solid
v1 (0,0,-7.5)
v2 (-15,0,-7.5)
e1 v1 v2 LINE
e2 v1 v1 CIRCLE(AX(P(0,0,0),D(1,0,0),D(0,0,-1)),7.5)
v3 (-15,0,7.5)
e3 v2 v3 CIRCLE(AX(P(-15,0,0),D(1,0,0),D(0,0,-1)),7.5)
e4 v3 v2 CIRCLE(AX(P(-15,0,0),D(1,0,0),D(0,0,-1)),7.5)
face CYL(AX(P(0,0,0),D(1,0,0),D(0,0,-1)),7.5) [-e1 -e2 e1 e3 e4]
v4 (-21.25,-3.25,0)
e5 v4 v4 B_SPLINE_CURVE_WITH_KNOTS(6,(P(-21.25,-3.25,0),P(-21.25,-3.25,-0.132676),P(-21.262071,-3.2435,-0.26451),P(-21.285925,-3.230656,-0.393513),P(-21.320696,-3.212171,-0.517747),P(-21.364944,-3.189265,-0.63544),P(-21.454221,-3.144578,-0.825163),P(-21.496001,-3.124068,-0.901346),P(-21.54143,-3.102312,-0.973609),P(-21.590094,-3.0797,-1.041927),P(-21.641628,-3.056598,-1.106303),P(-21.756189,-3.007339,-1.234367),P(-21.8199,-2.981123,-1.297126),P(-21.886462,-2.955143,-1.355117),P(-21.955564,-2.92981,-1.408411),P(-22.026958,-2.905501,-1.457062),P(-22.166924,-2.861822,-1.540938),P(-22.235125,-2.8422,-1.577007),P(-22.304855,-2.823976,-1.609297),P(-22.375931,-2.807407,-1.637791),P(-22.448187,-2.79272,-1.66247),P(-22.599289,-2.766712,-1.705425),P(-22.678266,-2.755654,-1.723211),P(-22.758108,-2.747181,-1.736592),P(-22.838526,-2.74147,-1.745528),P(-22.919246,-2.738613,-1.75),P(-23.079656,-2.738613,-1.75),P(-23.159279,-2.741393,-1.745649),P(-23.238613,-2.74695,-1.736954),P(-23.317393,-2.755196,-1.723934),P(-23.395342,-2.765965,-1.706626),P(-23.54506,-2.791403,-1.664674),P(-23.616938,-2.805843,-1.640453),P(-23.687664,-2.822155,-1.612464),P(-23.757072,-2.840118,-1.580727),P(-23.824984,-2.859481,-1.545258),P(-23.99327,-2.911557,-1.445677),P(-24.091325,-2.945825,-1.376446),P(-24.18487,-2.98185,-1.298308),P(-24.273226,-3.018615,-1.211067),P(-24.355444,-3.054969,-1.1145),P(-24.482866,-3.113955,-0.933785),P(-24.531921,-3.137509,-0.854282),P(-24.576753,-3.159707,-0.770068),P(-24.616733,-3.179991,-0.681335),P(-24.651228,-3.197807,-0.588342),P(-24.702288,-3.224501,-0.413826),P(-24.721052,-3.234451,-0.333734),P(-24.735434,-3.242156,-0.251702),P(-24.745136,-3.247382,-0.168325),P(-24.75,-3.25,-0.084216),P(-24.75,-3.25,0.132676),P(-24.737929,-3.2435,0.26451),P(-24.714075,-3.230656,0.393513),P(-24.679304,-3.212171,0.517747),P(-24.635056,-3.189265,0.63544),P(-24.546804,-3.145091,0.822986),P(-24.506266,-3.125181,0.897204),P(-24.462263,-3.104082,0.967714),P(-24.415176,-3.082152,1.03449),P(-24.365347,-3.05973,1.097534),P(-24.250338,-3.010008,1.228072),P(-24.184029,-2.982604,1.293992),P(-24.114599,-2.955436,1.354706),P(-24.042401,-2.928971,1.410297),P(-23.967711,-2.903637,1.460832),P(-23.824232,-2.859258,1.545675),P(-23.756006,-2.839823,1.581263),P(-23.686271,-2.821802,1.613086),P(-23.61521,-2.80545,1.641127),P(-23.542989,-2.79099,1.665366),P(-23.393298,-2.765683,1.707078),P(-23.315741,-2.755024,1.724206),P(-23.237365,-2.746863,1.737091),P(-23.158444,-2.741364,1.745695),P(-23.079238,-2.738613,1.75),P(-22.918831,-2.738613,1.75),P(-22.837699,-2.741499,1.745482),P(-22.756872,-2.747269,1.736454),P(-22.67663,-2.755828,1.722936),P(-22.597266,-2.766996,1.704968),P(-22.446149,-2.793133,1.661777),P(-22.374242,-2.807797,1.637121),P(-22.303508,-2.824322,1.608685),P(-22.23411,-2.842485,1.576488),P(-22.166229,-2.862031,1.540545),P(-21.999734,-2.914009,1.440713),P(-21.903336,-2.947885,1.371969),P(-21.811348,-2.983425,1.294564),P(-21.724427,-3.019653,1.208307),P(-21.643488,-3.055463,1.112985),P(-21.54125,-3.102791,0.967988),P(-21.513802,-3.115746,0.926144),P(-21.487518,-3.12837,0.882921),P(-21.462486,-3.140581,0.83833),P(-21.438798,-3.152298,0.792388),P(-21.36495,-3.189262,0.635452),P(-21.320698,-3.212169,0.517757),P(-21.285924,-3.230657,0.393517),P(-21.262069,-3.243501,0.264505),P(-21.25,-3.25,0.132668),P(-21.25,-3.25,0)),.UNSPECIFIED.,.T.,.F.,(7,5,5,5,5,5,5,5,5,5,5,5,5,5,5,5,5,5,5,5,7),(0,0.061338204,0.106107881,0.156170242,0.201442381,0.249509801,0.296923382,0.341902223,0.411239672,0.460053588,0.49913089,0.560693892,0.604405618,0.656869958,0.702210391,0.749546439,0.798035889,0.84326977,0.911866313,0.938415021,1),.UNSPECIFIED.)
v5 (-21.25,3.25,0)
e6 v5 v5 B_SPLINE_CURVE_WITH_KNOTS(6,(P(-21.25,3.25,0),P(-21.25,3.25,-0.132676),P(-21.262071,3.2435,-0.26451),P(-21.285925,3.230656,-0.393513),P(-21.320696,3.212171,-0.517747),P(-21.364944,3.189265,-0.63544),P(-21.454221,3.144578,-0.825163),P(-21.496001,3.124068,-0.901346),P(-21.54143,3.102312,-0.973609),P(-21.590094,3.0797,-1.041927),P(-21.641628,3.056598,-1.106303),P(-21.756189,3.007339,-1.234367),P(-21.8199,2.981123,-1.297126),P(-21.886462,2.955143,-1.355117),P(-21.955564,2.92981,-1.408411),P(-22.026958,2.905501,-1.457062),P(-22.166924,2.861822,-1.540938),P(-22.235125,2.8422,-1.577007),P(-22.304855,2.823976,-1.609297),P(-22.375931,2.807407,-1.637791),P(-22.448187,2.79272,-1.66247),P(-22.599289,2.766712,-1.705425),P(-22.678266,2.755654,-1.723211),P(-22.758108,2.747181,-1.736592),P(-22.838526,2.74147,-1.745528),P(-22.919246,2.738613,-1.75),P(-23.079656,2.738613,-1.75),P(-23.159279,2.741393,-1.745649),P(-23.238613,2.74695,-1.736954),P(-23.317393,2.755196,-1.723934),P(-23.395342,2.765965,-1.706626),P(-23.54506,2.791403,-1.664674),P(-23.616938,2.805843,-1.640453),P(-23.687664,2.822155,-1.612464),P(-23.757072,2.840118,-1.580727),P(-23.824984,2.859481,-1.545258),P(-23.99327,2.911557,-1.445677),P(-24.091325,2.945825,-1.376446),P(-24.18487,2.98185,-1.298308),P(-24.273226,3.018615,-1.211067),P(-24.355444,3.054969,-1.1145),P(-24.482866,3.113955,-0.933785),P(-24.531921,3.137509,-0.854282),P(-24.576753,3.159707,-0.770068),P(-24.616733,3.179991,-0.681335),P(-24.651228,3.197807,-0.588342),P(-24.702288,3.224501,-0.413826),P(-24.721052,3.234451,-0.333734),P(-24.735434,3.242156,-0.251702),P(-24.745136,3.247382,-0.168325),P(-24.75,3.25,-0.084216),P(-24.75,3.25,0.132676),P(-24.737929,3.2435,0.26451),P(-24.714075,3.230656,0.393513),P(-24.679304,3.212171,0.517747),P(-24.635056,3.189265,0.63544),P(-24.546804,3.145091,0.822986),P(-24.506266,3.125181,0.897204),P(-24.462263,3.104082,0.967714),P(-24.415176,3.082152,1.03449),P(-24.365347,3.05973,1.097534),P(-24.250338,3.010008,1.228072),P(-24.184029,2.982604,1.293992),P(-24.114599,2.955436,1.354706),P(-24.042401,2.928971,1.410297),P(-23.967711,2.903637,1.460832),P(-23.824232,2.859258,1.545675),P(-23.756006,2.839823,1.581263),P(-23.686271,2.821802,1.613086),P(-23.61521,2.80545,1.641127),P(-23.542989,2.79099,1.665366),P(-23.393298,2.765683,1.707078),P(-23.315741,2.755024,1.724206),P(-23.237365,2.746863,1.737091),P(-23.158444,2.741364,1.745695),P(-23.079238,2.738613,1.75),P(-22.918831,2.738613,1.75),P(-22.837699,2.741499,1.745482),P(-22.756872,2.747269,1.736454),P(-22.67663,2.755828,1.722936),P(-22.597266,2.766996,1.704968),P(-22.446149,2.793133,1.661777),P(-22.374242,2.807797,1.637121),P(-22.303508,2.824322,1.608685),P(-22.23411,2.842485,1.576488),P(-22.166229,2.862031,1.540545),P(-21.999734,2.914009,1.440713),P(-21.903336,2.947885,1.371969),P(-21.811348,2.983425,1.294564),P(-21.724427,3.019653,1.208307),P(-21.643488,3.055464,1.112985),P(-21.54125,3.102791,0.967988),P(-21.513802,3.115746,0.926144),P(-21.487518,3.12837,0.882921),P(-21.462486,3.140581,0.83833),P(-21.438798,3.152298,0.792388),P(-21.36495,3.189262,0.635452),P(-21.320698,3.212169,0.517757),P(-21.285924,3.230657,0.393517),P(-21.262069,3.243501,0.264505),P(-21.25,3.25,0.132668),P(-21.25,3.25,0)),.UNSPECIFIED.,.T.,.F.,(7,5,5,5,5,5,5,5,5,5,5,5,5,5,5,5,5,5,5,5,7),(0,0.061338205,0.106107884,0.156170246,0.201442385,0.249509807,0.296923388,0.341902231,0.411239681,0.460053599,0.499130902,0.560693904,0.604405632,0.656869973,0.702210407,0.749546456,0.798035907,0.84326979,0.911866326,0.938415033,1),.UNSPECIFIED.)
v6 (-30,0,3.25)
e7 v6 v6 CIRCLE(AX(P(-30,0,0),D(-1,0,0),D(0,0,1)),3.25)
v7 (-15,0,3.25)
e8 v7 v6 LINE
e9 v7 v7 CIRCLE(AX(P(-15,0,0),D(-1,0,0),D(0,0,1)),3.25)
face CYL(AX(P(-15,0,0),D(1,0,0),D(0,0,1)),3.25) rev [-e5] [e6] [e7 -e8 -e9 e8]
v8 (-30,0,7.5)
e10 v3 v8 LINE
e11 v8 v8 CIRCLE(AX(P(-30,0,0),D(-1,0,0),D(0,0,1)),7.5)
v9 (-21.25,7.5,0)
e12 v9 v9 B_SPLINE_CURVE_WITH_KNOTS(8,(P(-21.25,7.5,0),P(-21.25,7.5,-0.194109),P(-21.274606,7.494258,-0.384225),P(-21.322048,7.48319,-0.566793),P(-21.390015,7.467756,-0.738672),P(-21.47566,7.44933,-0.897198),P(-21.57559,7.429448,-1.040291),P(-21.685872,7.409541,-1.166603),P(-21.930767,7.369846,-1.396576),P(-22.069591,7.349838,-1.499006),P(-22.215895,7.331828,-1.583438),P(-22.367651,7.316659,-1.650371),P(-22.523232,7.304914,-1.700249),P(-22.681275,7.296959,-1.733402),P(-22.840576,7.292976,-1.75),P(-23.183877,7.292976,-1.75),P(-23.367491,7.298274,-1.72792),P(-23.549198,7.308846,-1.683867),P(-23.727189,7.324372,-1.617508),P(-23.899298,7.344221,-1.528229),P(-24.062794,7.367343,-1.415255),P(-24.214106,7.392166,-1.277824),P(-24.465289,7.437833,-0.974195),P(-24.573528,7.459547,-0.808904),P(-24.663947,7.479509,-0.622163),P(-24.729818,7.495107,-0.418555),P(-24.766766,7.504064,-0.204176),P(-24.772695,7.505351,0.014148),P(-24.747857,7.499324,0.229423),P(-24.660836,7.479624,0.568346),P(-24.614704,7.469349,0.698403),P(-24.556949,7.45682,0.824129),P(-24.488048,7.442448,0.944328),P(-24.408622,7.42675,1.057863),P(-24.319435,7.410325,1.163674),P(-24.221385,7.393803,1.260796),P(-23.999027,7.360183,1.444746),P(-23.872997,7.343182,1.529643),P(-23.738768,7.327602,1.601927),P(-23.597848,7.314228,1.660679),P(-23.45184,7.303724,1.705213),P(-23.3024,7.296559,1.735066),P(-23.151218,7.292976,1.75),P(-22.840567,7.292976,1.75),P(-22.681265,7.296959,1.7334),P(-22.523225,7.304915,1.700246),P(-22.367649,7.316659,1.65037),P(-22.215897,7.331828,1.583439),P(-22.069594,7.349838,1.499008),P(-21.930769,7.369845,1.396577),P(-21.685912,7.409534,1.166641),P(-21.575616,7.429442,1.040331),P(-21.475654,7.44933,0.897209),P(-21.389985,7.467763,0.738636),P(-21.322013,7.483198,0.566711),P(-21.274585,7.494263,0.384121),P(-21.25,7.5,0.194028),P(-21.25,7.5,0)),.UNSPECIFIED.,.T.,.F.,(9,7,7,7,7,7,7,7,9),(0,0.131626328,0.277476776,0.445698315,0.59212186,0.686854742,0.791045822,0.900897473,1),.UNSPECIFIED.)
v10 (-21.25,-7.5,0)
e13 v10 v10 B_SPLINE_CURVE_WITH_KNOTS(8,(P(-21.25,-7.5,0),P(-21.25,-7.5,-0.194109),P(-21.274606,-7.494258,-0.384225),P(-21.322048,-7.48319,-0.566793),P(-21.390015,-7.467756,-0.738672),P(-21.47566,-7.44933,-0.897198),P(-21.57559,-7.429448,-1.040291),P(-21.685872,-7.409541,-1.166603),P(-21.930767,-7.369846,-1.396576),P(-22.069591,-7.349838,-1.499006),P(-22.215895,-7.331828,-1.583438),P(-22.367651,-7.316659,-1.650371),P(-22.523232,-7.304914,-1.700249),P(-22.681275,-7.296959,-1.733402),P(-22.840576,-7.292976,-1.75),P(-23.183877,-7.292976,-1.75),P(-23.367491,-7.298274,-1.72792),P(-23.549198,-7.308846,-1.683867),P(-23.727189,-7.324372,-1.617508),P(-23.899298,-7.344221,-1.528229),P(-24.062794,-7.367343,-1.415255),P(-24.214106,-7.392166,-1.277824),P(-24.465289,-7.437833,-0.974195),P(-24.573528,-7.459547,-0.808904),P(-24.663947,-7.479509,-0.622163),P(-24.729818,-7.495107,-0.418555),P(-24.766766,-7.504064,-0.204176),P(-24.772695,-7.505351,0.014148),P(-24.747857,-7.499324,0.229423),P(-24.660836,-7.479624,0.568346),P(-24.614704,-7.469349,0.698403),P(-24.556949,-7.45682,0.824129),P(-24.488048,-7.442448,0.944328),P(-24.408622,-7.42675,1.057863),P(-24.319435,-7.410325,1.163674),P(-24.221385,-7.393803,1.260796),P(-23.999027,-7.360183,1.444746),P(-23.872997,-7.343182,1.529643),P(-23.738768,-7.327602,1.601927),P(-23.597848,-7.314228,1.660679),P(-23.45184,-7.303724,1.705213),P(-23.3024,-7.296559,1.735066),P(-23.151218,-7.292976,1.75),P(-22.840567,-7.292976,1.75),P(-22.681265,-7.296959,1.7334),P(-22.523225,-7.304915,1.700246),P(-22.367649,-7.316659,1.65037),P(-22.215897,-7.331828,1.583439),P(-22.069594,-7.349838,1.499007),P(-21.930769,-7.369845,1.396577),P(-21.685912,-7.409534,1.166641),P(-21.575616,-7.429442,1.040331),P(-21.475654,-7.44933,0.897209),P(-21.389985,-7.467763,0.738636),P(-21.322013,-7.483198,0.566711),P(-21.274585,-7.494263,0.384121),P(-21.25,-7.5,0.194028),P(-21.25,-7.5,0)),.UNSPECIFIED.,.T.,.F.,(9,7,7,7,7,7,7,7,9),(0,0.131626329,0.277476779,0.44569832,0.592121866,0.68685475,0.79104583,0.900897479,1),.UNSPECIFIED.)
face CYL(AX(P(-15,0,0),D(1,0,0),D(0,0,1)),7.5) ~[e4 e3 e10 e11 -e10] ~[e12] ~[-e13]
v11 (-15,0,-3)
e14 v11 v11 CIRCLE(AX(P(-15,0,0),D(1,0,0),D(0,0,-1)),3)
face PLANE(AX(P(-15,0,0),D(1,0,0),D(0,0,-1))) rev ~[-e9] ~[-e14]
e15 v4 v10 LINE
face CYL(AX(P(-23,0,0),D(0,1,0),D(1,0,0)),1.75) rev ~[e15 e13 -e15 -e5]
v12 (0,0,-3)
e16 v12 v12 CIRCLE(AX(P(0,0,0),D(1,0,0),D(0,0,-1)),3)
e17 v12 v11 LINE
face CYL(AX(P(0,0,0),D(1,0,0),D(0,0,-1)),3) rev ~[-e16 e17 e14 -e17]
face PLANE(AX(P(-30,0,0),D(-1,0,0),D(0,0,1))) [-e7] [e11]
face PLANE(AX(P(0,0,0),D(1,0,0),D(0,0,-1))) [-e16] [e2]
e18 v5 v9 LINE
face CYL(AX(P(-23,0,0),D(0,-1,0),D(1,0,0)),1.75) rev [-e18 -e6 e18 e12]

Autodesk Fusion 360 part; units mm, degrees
sketch "Sketch1" plane through (0, 0, 0) normal (1, 0, 0) x (0, 0, -1)
  circle A0 centre (0, 0) radius 3
  circle A1 centre (0, 0) radius 7.5
  dimension "d1" = 6
  dimension "d2" = 15
extrude "Extrude1" add sketch "Sketch1" against normal blind 15
sketch "Sketch2" plane through (-15, 0, 0) normal (-1, 0, 0) x (0, 0, 1)
  circle A0 centre (0, 0) radius 7.5
  circle A1 centre (0, 0) radius 3.25
  circle A2 centre (0, 0) radius 7.5
  dimension "d5" = 6.5
extrude "Extrude2" add sketch "Sketch2" along normal blind 15
sketch "Sketch3" plane through (0, 0, 0) normal (0, 1, 0) x (1, 0, 0)
  line L0 (-30, 7.5) -> (-30, -7.5)
  line L1 (0, -7.5) -> (0, 7.5)
  circle A0 centre (-23, 0) radius 1.75
  point P0 (-23, 0)
  dimension "d8" = 30
extrude "Extrude3" cut sketch "Sketch3" along normal mid plane 38
